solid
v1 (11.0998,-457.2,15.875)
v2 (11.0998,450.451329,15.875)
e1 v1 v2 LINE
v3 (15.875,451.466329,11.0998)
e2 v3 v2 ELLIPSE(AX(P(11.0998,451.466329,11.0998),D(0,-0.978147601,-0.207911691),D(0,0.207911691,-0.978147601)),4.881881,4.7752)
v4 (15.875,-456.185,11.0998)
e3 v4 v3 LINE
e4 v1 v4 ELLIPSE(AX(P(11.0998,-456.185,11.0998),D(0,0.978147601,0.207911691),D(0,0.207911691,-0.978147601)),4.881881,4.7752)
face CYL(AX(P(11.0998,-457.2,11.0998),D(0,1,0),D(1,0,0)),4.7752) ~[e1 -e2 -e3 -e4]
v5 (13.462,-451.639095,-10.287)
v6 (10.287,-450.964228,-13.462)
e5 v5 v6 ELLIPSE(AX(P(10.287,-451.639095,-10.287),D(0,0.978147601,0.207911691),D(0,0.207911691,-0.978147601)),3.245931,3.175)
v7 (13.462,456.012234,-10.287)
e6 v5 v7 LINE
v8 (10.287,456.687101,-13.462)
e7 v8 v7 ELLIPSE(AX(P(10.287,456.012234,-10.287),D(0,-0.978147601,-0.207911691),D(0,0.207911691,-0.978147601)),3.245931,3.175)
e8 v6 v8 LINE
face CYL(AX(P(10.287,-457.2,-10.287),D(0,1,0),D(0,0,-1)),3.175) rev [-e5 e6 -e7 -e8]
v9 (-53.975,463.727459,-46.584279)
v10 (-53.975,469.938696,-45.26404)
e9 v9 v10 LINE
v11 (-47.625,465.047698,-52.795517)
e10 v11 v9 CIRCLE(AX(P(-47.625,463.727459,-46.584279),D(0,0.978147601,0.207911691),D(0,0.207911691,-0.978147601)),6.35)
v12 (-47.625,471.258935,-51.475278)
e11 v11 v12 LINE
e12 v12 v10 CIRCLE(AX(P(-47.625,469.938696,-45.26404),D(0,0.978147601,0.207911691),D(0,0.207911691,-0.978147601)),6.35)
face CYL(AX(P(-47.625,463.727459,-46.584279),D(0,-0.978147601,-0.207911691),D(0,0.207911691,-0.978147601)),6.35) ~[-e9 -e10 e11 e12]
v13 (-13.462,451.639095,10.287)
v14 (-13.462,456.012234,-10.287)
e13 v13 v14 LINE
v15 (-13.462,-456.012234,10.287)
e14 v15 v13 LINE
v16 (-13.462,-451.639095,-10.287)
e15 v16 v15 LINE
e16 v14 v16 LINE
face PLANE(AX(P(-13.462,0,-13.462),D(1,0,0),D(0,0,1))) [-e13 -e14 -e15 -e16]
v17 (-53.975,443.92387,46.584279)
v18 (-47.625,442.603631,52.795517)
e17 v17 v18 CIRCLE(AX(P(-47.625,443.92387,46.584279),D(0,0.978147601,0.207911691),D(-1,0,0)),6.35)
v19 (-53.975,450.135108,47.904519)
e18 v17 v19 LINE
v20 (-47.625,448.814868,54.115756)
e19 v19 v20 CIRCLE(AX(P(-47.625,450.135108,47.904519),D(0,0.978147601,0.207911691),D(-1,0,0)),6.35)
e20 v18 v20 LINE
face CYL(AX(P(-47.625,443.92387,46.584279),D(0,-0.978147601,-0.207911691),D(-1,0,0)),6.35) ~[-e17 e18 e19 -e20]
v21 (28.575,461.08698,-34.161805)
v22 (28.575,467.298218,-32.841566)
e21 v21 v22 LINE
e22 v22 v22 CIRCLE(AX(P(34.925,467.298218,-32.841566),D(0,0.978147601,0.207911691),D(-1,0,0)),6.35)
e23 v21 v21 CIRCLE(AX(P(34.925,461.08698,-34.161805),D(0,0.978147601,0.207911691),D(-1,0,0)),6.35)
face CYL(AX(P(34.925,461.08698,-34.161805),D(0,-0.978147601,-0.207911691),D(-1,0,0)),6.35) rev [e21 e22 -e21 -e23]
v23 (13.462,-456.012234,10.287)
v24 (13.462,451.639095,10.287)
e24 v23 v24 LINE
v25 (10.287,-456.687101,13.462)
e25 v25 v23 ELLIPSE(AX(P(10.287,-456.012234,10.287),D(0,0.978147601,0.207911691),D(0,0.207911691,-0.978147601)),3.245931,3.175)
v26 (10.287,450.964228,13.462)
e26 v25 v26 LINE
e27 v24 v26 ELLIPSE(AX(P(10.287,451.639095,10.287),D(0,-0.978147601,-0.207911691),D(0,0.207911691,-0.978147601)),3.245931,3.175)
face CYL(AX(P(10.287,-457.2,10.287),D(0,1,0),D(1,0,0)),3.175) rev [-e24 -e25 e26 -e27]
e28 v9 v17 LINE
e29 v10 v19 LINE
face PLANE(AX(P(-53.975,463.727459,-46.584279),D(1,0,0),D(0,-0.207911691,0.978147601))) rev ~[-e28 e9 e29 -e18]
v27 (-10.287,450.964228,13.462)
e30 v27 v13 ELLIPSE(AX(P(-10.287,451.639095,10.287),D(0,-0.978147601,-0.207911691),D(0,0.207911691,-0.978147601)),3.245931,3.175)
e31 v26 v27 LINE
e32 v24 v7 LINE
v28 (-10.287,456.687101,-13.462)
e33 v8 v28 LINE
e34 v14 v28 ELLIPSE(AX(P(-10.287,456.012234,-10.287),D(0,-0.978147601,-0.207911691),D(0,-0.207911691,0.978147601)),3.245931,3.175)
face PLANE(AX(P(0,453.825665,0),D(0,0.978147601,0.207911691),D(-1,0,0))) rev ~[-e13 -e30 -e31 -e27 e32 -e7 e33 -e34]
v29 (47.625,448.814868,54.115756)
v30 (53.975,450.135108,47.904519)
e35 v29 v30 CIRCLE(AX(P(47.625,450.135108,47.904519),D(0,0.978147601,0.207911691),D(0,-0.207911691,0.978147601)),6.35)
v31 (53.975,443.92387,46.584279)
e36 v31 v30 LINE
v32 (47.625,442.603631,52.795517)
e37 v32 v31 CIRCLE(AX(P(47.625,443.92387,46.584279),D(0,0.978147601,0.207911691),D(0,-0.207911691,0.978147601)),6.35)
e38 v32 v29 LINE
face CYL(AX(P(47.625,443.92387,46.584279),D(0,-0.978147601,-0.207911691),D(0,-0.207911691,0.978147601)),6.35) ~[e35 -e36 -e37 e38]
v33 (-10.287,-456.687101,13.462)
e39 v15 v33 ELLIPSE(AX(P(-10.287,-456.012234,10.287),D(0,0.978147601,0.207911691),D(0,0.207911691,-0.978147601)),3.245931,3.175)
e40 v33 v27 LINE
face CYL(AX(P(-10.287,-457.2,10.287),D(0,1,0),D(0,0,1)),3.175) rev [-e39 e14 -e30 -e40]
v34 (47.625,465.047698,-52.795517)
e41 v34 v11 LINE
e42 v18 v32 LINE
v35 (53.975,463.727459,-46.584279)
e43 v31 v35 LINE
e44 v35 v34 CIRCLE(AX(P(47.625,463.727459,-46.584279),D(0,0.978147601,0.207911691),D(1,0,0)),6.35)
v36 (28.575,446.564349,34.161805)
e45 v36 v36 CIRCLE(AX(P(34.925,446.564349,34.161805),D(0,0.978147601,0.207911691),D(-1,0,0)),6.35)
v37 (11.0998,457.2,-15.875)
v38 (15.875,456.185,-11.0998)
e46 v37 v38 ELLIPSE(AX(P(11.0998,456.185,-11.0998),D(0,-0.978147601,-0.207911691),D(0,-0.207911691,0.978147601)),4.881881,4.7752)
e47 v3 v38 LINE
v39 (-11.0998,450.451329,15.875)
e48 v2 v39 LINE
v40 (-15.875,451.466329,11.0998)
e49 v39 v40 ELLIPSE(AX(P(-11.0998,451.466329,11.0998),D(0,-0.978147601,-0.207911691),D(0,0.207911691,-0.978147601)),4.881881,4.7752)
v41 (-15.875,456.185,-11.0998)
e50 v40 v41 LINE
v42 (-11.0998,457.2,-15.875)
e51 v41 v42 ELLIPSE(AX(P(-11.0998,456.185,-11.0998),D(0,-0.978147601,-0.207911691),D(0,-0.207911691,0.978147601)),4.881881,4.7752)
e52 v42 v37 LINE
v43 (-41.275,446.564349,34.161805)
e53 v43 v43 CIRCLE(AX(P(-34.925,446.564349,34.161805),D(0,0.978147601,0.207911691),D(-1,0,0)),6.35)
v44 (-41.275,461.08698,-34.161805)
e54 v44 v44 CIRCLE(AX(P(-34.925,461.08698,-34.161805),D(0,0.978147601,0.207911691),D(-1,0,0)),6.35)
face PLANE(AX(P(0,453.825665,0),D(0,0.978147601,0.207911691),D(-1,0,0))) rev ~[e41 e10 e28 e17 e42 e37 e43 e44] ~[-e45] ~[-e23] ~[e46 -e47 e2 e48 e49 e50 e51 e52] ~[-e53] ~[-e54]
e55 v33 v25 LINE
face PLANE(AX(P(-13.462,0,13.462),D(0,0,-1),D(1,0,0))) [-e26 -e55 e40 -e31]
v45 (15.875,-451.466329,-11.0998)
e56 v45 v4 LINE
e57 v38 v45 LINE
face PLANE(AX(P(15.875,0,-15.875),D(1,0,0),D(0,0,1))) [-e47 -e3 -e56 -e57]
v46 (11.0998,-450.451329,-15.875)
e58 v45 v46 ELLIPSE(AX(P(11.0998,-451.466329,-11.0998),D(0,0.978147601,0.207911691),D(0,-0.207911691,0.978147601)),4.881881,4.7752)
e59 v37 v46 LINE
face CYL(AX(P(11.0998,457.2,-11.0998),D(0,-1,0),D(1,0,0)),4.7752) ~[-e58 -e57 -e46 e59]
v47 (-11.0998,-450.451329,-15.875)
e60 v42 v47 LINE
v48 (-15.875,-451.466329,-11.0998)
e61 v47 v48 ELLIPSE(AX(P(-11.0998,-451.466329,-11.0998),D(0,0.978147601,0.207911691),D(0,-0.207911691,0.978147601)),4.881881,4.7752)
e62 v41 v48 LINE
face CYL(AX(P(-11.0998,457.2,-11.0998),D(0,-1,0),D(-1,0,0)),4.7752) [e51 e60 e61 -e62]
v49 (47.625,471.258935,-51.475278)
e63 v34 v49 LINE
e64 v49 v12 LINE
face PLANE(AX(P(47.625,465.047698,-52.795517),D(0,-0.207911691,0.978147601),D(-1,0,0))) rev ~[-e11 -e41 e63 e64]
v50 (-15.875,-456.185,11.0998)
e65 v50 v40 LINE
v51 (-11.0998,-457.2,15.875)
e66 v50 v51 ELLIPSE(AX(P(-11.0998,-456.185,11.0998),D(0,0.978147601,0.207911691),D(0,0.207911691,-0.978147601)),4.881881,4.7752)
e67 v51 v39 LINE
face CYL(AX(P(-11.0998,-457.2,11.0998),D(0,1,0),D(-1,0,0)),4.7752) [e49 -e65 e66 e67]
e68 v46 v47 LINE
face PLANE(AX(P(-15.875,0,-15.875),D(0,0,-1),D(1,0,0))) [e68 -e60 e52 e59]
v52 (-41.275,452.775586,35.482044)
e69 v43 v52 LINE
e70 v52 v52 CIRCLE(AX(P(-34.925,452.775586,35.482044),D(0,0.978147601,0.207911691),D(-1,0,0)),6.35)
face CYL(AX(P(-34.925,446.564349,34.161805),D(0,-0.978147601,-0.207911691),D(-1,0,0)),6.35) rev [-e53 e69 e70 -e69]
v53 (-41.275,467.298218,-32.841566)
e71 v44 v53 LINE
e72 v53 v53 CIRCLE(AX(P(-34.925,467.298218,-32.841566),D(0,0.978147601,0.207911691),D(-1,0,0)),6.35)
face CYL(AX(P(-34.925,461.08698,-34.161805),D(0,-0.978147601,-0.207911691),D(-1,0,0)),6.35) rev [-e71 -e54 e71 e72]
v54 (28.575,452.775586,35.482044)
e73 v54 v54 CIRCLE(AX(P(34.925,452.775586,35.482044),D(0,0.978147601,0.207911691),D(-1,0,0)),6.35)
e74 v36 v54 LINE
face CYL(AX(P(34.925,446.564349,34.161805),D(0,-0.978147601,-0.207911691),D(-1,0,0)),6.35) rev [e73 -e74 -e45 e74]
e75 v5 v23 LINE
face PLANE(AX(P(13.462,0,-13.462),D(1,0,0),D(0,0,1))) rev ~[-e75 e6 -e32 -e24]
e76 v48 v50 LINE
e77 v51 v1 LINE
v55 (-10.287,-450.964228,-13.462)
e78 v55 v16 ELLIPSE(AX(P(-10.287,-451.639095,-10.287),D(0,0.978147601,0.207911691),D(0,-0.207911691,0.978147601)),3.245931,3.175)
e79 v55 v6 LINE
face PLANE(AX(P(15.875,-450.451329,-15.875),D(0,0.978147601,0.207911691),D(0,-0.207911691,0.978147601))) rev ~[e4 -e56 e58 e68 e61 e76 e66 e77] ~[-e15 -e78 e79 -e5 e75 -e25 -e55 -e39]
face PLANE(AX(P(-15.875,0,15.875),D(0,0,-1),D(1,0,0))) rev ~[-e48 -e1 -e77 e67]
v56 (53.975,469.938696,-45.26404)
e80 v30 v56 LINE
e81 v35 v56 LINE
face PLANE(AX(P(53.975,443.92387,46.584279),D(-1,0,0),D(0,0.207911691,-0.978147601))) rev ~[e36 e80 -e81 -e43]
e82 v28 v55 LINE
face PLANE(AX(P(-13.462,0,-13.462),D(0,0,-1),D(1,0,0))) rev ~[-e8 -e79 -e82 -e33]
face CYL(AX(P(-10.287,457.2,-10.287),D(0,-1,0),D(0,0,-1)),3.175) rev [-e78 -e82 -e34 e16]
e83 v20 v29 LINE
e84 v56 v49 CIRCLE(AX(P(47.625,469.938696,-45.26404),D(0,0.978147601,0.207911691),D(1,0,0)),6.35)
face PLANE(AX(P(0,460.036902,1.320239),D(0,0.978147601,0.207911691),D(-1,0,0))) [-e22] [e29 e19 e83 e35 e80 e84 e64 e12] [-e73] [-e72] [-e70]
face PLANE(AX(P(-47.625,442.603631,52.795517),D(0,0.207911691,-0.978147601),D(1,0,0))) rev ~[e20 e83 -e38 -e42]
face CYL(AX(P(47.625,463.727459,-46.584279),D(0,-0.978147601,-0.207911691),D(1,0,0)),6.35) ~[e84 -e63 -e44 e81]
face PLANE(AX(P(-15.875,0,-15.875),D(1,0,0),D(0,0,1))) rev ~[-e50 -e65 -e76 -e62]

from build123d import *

# Parameters (mm, degrees)
F0_W     = 31.75
F0_H     = 31.75
F0_W_2   = 26.924
F0_H_2   = 26.924
F1_DEPTH = 457.2
F2_R     = 4.7752
F3_R     = 3.175
F5_DEPTH = 31.751
F6_R     = 6.35
F7_DEPTH = 6.35


with BuildPart() as f1:
    # F0 (on Front) → F1 (new body, symmetric)
    with BuildSketch(Plane.XZ):
        Rectangle(F0_W, F0_H)
        Rectangle(F0_W_2, F0_H_2, mode=Mode.SUBTRACT)
    extrude(amount=F1_DEPTH, both=True)

    # F2
    f2_edges = [f1.edges().sort_by_distance(p)[0] for p in [
        (15.875, 0, -15.875),
        (-15.875, 0, -15.875),
        (-15.875, 0, 15.875),
        (15.875, 0, 15.875),
    ]]
    fillet(f2_edges, radius=F2_R)

    # F3
    f3_edges = [f1.edges().sort_by_distance(p)[0] for p in [
        (-13.462, 0, 13.462),
        (13.462, 0, 13.462),
        (-13.462, 0, -13.462),
        (13.462, 0, -13.462),
    ]]
    fillet(f3_edges, radius=F3_R)

    # F4 (on face) → F5 (cut, through all)
    with BuildSketch(Plane.YZ.offset(15.875)):
        Polygon((-450.451329167, -15.875), (-457.2, 15.875), (-457.2, -15.875), align=None)
        Polygon((457.2, 15.875), (450.451329167, 15.875), (457.2, -15.875), align=None)
    extrude(amount=-F5_DEPTH, mode=Mode.SUBTRACT)

    # F6 (on face) → F7 (join)
    with BuildSketch(Plane(origin=(0, 434.2080195127, 92.2937636772), x_dir=(-1, 0, 0), z_dir=(0, 0.9781476007, 0.2079116908))):
        with BuildLine():
            Line((-47.625, -148.33066126), (47.625, -148.33066126))
            ThreePointArc((47.625, -148.33066126), (52.1151280605, -146.4707893206), (53.975, -141.98066126))
            Line((53.975, -141.98066126), (53.975, -46.73066126))
            ThreePointArc((53.975, -46.73066126), (52.1151280605, -42.2405331995), (47.625, -40.38066126))
            Line((47.625, -40.38066126), (-47.625, -40.38066126))
            ThreePointArc((-47.625, -40.38066126), (-52.1151280605, -42.2405331995), (-53.975, -46.73066126))
            Line((-53.975, -46.73066126), (-53.975, -141.98066126))
            ThreePointArc((-53.975, -141.98066126), (-52.1151280605, -146.4707893206), (-47.625, -148.33066126))
        make_face()
        with Locations((-34.925, -129.28066126)):
            Circle(F6_R, mode=Mode.SUBTRACT)
        with Locations((34.925, -129.28066126)):
            Circle(F6_R, mode=Mode.SUBTRACT)
        with Locations((-34.925, -59.43066126)):
            Circle(F6_R, mode=Mode.SUBTRACT)
        with Locations((34.925, -59.43066126)):
            Circle(F6_R, mode=Mode.SUBTRACT)
    extrude(amount=F7_DEPTH)


solid = f1.part
